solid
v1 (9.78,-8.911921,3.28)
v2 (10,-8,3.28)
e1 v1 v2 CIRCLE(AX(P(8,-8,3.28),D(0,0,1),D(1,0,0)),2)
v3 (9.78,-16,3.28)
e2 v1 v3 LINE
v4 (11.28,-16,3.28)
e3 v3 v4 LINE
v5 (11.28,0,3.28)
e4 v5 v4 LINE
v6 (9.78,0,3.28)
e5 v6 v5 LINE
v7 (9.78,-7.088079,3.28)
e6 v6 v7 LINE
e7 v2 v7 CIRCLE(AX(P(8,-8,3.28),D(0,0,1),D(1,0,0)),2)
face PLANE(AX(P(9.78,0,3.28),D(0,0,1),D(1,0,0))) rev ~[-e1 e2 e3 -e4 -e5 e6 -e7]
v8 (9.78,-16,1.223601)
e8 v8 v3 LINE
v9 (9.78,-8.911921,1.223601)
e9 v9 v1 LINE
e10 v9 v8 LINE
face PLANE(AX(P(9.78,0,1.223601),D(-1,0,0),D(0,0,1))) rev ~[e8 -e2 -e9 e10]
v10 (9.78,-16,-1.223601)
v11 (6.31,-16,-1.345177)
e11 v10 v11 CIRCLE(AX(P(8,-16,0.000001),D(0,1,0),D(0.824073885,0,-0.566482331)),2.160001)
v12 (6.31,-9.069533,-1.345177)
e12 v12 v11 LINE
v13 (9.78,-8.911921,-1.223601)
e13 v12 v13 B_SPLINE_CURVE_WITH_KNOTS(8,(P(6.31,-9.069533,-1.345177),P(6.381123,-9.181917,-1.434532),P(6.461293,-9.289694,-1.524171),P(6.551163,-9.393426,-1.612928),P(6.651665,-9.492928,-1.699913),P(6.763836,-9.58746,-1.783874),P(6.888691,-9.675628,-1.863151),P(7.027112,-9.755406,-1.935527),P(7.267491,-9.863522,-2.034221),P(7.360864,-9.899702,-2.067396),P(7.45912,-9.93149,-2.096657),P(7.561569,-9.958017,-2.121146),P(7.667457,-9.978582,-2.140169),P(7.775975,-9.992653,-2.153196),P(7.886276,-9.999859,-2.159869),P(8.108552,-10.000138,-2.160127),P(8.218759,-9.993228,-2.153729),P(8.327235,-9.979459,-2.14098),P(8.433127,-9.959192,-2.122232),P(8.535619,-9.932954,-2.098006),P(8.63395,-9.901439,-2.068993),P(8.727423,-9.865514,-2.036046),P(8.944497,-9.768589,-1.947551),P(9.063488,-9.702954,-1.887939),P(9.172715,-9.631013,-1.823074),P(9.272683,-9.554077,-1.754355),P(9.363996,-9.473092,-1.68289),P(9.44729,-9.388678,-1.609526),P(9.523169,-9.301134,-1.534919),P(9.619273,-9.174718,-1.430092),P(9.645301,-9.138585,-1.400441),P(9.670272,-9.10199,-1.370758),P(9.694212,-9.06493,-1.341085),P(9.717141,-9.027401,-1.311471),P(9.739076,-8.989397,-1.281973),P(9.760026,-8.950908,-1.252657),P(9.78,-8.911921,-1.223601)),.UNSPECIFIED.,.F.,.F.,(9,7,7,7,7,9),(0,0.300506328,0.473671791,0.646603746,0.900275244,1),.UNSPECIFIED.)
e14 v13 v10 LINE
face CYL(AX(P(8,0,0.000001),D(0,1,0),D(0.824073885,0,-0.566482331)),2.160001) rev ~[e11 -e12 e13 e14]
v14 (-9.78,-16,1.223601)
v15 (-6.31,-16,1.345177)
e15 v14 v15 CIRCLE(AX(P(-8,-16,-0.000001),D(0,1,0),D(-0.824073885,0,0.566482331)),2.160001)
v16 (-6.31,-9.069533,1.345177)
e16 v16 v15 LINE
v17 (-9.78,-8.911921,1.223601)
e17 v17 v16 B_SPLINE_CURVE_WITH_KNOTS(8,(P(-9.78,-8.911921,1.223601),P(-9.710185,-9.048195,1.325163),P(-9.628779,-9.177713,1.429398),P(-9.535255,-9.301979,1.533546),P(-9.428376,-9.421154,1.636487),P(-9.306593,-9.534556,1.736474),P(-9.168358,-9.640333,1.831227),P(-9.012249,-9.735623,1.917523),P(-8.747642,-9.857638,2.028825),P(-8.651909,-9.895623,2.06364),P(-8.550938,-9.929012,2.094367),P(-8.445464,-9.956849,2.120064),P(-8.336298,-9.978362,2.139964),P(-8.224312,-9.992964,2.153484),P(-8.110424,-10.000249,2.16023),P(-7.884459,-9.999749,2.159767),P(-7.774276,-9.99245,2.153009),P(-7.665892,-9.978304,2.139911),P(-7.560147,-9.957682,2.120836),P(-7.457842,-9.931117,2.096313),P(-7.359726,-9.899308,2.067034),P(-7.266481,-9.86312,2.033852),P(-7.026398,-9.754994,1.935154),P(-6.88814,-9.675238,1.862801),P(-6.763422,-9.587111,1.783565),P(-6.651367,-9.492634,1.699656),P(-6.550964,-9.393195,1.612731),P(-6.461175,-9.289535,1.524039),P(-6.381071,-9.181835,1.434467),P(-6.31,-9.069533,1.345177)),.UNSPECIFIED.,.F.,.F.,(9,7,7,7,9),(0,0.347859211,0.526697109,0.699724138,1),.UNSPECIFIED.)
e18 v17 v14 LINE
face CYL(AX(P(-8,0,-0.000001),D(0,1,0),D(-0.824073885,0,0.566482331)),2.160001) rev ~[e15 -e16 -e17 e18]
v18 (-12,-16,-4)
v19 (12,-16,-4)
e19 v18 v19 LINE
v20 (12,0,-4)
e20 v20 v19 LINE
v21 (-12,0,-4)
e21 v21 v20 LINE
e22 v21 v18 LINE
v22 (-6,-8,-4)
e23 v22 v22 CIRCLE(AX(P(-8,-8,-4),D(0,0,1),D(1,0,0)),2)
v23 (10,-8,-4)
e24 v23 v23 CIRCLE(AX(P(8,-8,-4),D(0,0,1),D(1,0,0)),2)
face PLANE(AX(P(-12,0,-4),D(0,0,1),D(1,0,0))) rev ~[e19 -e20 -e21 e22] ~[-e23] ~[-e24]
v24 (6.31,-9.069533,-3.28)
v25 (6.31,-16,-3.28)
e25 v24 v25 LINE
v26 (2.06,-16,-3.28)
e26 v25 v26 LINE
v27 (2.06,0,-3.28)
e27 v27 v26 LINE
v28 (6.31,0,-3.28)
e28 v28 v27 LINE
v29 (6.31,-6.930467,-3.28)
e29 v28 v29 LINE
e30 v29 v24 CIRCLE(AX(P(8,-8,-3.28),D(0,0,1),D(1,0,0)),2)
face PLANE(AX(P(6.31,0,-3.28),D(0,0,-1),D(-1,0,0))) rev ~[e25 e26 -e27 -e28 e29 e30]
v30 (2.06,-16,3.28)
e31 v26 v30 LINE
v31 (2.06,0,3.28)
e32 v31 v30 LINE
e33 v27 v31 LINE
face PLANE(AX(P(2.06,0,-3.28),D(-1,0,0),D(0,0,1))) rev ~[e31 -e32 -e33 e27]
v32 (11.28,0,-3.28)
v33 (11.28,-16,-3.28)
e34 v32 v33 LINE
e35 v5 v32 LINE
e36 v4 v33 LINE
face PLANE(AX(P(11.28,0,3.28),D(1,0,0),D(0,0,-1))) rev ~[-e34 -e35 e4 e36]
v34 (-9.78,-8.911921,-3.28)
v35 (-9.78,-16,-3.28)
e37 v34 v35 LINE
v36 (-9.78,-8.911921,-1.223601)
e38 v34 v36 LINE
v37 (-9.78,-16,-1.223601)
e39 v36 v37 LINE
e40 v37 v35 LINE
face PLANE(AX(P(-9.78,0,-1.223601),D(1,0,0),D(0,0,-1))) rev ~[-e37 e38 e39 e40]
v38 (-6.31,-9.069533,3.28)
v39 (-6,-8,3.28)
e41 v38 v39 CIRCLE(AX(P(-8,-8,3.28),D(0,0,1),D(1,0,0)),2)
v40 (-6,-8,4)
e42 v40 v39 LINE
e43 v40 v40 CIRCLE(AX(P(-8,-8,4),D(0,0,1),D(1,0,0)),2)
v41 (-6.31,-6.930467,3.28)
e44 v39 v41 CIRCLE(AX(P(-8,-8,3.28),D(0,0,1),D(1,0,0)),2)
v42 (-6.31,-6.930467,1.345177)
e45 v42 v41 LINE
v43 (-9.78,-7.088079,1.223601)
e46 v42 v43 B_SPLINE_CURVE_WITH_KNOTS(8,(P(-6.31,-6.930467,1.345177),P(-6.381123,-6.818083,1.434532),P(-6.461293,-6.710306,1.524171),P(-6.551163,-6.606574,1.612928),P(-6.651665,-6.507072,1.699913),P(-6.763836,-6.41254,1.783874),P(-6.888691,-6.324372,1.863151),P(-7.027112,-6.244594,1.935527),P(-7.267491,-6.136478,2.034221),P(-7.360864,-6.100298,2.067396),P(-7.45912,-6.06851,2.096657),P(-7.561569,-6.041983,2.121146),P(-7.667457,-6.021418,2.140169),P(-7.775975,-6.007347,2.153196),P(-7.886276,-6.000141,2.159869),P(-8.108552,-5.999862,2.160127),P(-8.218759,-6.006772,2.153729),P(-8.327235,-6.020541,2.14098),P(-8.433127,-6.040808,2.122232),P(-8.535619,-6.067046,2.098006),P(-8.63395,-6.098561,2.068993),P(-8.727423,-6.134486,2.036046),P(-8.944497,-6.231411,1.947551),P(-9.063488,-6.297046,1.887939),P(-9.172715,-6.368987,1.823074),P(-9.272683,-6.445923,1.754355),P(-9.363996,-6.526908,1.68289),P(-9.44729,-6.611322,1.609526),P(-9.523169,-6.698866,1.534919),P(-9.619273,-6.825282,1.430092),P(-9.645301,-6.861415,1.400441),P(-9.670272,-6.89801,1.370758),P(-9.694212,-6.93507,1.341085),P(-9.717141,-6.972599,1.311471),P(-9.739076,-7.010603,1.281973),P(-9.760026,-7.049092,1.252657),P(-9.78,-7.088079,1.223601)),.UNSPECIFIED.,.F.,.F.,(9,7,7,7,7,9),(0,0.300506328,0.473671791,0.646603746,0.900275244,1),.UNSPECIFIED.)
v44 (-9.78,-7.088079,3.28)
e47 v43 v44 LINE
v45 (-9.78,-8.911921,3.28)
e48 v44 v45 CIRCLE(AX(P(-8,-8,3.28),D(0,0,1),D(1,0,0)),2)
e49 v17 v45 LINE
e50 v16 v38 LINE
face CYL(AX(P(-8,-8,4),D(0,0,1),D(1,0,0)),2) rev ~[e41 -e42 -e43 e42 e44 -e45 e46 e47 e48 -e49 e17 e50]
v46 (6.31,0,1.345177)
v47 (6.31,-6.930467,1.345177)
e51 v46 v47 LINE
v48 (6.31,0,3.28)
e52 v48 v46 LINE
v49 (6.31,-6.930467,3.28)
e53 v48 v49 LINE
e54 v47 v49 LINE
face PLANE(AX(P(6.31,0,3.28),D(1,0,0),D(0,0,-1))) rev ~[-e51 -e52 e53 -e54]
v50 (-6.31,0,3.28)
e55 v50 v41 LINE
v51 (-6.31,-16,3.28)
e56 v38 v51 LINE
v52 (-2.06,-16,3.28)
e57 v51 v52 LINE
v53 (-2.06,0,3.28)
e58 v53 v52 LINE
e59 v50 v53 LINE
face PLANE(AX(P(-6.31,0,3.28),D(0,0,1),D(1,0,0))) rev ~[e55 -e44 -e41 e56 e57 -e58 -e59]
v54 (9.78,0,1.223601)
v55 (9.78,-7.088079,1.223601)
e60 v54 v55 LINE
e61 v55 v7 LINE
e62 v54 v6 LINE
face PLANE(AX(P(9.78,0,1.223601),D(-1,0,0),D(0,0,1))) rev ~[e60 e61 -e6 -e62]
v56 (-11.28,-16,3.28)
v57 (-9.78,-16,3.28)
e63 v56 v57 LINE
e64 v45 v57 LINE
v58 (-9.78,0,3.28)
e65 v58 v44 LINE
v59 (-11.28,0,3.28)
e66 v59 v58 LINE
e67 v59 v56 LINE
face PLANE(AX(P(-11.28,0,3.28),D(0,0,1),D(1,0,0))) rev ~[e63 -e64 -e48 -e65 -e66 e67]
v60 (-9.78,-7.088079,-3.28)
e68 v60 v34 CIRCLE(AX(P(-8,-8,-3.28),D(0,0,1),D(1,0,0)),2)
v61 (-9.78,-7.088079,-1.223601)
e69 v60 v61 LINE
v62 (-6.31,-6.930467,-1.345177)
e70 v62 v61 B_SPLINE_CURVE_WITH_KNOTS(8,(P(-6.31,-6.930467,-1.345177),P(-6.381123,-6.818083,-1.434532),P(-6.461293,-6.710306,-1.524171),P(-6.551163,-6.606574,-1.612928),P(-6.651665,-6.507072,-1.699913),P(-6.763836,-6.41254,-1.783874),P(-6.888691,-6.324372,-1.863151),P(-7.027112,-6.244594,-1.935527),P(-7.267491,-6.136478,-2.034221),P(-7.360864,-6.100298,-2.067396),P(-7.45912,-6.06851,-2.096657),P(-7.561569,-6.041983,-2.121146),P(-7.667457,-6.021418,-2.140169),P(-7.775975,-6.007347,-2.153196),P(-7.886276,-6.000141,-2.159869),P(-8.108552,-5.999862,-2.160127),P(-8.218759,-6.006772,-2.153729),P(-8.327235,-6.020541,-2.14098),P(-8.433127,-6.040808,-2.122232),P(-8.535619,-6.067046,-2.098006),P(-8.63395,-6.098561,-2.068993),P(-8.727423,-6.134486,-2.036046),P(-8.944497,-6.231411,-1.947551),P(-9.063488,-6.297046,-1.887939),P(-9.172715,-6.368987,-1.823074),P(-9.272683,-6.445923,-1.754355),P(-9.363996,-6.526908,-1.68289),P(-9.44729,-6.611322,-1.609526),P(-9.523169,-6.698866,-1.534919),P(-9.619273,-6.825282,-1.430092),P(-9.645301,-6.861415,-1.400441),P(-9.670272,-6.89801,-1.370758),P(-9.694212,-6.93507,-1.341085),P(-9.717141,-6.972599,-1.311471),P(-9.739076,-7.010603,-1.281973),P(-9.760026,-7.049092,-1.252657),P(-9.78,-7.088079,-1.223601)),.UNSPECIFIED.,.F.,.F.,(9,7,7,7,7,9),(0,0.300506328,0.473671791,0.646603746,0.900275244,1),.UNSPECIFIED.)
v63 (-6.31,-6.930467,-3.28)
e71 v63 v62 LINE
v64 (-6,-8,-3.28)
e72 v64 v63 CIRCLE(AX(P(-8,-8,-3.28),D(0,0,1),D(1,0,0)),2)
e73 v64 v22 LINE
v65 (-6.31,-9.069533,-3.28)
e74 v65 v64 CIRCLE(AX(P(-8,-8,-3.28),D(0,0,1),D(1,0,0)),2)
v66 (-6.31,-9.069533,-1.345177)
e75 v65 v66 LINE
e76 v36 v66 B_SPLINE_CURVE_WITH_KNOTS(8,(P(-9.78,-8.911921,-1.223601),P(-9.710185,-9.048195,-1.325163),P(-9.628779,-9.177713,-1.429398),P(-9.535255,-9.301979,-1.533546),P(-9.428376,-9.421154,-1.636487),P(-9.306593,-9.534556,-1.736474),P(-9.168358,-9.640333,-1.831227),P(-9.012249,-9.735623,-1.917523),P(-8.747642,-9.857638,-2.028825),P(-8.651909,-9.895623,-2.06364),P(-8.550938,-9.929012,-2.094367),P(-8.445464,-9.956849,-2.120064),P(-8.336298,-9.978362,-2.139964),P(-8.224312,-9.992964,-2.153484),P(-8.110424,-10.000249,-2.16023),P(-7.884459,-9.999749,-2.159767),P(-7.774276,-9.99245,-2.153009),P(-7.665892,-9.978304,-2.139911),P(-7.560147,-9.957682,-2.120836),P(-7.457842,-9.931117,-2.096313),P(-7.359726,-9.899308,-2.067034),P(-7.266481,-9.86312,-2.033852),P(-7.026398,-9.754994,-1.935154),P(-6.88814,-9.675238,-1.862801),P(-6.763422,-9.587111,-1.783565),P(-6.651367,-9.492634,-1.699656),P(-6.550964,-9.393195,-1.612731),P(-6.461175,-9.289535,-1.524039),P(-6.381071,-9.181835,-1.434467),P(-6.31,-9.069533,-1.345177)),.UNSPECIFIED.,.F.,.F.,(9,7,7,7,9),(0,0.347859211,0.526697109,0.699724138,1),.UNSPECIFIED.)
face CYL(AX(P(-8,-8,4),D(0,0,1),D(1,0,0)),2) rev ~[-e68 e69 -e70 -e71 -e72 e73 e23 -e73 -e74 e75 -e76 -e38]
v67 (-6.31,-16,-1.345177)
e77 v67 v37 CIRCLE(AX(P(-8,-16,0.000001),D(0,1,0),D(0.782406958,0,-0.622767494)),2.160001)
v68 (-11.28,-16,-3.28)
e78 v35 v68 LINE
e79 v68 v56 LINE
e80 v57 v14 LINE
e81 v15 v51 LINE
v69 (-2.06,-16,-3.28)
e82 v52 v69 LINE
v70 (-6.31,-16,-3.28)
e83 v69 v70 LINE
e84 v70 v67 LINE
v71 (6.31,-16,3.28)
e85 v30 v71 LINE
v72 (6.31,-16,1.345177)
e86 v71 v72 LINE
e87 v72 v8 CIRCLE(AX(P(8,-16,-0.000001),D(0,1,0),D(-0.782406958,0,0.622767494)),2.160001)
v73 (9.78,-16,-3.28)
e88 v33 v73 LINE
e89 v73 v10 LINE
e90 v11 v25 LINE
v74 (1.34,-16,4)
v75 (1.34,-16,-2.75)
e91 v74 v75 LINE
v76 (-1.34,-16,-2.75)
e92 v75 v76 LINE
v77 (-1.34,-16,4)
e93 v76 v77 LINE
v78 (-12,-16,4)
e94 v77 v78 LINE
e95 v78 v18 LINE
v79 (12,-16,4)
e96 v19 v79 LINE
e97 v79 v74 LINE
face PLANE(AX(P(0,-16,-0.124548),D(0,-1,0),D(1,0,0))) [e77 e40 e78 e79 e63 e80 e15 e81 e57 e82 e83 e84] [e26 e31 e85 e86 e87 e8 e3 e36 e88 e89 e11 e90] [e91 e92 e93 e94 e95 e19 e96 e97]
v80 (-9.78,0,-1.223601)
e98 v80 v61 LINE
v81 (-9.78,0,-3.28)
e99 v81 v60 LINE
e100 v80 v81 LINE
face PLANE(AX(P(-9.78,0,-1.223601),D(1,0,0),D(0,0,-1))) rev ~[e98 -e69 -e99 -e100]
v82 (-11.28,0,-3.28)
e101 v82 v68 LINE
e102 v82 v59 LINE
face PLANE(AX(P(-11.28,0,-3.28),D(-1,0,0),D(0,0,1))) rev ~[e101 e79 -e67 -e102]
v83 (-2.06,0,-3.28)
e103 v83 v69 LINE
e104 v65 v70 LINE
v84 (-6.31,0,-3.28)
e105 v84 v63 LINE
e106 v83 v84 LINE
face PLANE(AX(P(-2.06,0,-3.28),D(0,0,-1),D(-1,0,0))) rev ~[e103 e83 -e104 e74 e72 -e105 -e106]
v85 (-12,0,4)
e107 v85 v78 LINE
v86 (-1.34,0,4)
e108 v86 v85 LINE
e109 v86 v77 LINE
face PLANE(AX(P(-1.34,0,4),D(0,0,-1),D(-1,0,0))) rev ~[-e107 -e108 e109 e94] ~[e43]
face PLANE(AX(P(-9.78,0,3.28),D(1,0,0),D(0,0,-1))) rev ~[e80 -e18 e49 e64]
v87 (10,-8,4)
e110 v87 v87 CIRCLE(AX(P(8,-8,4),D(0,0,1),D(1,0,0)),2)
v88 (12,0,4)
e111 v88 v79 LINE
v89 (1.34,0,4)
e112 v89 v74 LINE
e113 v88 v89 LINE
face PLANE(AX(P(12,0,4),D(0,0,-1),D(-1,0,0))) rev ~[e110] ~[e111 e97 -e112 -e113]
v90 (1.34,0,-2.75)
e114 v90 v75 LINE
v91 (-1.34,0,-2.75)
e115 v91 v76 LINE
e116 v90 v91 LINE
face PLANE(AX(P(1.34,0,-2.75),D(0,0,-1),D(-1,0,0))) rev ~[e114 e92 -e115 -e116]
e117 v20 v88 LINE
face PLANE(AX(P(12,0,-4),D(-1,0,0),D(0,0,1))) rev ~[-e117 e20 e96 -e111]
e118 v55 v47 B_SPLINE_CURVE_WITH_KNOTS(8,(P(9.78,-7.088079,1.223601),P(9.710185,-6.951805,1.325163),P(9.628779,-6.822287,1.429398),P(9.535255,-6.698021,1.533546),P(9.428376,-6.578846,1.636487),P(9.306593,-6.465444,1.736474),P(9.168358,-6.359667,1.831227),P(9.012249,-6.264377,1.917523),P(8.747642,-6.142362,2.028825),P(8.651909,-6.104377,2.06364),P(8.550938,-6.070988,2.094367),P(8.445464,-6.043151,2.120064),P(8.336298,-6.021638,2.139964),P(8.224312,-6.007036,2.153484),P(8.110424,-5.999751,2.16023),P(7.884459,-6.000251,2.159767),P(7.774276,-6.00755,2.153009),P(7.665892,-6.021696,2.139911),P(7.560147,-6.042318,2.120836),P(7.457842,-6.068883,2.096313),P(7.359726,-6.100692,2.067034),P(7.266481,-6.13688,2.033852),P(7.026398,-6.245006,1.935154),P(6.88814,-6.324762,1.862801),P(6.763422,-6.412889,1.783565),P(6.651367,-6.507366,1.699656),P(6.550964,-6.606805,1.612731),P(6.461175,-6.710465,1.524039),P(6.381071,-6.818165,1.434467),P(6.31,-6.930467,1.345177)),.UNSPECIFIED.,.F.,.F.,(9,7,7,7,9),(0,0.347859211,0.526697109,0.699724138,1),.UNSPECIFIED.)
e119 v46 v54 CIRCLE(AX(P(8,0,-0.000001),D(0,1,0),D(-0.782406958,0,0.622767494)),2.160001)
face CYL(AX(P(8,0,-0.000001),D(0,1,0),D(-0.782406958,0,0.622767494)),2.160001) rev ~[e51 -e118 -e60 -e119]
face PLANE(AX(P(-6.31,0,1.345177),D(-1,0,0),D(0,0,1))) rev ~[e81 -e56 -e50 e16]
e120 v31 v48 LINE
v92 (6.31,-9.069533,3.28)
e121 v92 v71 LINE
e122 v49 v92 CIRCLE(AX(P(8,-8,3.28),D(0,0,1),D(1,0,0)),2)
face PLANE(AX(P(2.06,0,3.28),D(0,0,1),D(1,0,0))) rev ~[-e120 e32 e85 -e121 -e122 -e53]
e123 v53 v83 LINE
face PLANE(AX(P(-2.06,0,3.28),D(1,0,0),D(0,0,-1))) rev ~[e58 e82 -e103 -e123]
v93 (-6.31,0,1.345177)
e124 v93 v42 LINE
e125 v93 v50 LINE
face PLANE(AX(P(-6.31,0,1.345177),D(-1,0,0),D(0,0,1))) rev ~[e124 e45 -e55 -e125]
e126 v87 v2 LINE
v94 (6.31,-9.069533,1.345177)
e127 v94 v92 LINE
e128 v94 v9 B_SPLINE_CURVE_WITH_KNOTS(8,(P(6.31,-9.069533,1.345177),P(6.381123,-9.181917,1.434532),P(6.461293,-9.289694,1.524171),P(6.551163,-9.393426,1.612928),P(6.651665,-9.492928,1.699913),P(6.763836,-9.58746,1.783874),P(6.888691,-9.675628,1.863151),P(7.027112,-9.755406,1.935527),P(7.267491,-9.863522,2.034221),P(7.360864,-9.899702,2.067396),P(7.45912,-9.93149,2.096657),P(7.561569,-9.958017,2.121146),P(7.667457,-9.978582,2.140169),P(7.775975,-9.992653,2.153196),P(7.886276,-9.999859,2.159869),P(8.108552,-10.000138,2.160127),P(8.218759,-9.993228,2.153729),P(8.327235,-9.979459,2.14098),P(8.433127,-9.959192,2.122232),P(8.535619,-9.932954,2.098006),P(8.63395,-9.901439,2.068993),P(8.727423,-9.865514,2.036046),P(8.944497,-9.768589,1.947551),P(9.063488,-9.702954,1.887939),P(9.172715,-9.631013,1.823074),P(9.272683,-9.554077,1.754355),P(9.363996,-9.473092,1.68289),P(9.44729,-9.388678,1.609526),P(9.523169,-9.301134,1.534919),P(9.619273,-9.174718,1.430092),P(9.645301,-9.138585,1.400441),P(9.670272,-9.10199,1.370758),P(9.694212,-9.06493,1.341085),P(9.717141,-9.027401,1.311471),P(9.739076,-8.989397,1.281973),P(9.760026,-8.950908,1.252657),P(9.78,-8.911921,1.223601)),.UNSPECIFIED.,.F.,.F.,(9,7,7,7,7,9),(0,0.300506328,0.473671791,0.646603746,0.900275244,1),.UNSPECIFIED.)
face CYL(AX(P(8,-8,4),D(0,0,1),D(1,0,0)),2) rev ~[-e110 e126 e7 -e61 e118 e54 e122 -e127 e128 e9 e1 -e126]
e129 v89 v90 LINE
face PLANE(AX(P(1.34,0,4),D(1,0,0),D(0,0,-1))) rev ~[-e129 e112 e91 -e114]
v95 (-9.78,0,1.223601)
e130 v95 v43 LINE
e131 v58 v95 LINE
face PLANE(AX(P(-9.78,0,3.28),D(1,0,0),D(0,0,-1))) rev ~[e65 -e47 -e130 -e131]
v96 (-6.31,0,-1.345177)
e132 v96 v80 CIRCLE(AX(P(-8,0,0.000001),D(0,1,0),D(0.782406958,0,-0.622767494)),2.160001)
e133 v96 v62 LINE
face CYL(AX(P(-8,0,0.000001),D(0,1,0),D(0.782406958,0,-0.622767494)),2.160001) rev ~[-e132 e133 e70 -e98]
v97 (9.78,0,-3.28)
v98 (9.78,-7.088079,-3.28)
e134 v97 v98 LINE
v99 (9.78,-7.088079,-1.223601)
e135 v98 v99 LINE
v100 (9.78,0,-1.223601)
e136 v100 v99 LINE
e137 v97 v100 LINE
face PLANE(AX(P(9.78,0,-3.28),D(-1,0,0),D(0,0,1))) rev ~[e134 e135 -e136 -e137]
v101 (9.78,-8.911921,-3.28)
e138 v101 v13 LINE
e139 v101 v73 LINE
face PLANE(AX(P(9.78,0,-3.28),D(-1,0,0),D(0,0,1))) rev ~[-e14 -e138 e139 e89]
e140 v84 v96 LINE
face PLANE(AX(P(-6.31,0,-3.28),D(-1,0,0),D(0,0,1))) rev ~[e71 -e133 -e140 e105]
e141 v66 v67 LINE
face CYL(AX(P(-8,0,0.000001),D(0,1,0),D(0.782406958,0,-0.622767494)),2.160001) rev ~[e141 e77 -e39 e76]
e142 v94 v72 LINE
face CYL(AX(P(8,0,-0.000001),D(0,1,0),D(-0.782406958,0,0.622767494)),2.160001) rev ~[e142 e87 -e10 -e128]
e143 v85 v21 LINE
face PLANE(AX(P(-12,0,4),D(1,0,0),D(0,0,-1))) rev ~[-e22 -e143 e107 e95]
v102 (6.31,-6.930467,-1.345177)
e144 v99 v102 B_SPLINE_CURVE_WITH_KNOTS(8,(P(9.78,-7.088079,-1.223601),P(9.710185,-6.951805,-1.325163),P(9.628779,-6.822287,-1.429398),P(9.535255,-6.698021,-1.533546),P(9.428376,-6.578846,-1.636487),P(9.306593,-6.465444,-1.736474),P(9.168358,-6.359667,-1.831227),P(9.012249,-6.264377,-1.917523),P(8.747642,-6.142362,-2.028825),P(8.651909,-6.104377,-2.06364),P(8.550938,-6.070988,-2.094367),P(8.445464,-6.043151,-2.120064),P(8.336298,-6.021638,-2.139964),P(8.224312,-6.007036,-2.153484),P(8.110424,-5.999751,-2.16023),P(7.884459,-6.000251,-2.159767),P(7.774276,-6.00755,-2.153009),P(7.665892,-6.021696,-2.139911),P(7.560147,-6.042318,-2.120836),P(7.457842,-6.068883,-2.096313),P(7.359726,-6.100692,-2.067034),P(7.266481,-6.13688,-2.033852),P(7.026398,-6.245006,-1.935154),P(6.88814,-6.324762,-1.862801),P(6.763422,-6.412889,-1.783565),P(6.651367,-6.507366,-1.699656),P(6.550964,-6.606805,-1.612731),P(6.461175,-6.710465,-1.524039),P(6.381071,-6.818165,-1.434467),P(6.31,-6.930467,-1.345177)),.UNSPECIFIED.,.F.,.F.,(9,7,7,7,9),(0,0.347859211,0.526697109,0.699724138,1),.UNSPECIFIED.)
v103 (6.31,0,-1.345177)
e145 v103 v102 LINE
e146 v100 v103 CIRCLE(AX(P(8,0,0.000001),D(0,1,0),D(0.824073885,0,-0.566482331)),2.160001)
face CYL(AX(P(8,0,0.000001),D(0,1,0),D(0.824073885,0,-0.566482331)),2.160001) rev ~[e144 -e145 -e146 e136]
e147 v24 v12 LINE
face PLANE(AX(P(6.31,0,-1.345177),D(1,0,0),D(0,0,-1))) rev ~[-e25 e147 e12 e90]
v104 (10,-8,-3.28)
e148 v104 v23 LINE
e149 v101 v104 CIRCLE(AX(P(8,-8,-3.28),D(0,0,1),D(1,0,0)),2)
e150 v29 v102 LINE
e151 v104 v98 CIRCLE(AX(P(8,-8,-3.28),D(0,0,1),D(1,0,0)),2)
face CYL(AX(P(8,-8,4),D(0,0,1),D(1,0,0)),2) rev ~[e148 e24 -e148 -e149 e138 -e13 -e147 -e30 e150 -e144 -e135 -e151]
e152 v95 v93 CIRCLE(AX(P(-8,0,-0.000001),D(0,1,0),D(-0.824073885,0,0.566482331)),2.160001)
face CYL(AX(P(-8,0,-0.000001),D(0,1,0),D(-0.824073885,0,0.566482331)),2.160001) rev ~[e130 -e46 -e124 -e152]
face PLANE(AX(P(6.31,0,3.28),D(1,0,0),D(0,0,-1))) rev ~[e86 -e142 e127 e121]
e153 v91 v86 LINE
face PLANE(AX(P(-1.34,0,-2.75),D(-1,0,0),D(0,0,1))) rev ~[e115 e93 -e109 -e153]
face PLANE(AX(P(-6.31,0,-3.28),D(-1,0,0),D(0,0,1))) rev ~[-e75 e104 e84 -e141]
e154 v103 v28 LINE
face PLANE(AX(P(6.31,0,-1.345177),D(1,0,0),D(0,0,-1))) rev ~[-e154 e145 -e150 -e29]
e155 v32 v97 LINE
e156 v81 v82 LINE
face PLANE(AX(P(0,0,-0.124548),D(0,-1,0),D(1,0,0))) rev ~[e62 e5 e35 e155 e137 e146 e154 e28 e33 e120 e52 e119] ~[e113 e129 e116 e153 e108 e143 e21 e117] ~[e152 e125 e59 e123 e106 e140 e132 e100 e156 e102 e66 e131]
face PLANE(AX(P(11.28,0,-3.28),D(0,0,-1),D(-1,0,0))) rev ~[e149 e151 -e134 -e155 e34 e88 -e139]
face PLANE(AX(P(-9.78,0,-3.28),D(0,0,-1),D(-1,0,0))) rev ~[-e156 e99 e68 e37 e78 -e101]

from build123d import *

# Parameters (mm, degrees)
F1_DEPTH = 16
F2_R     = 2
F3_DEPTH = 8.1


with BuildPart() as f1:
    # F0 (on Front) → F1 (new body)
    with BuildSketch(Plane.XZ):
        Polygon((-1.34, 4), (-12, 4), (-12, -4), (12, -4), (12, 4), (1.34, 4), (1.34, -2.75), (-1.34, -2.75), align=None)
        Polygon((-6.31, 3.28), (-2.06, 3.28), (-2.06, -3.28), (-6.31, -3.28), (-9.78, -3.28), (-11.28, -3.28), (-11.28, 3.28), (-9.78, 3.28), align=None, mode=Mode.SUBTRACT)
        Polygon((11.28, 3.28), (11.28, -3.28), (9.78, -3.28), (6.31, -3.28), (2.06, -3.28), (2.06, 3.28), (6.31, 3.28), (9.78, 3.28), align=None, mode=Mode.SUBTRACT)
        with BuildLine():
            Line((-6.31, 1.345177), (-6.31, 3.28))
            Line((-6.31, 3.28), (-9.78, 3.28))
            Line((-9.78, 3.28), (-9.78, 1.223601))
            ThreePointArc((-9.78, 1.223601), (-8.075632, 2.158675), (-6.31, 1.345177))
        make_face()
        with BuildLine():
            Line((-9.78, -3.28), (-6.31, -3.28))
            Line((-6.31, -3.28), (-6.31, -1.345177))
            ThreePointArc((-6.31, -1.345177), (-8.075632, -2.158675), (-9.78, -1.223601))
            Line((-9.78, -1.223601), (-9.78, -3.28))
        make_face()
        with BuildLine():
            Line((9.78, 1.223601), (9.78, 3.28))
            Line((9.78, 3.28), (6.31, 3.28))
            Line((6.31, 3.28), (6.31, 1.345177))
            ThreePointArc((6.31, 1.345177), (8.075632, 2.158675), (9.78, 1.223601))
        make_face()
        with BuildLine():
            Line((6.31, -3.28), (9.78, -3.28))
            Line((9.78, -3.28), (9.78, -1.223601))
            ThreePointArc((9.78, -1.223601), (8.075632, -2.158675), (6.31, -1.345177))
            Line((6.31, -1.345177), (6.31, -3.28))
        make_face()
    extrude(amount=F1_DEPTH)

    # F2 (on face) → F3 (cut)
    with BuildSketch(Plane.XY.offset(4)):
        with Locations((-8, -8)):
            Circle(F2_R)
        with Locations((8, -8)):
            Circle(F2_R)
    extrude(amount=-F3_DEPTH, mode=Mode.SUBTRACT)


solid = f1.part
